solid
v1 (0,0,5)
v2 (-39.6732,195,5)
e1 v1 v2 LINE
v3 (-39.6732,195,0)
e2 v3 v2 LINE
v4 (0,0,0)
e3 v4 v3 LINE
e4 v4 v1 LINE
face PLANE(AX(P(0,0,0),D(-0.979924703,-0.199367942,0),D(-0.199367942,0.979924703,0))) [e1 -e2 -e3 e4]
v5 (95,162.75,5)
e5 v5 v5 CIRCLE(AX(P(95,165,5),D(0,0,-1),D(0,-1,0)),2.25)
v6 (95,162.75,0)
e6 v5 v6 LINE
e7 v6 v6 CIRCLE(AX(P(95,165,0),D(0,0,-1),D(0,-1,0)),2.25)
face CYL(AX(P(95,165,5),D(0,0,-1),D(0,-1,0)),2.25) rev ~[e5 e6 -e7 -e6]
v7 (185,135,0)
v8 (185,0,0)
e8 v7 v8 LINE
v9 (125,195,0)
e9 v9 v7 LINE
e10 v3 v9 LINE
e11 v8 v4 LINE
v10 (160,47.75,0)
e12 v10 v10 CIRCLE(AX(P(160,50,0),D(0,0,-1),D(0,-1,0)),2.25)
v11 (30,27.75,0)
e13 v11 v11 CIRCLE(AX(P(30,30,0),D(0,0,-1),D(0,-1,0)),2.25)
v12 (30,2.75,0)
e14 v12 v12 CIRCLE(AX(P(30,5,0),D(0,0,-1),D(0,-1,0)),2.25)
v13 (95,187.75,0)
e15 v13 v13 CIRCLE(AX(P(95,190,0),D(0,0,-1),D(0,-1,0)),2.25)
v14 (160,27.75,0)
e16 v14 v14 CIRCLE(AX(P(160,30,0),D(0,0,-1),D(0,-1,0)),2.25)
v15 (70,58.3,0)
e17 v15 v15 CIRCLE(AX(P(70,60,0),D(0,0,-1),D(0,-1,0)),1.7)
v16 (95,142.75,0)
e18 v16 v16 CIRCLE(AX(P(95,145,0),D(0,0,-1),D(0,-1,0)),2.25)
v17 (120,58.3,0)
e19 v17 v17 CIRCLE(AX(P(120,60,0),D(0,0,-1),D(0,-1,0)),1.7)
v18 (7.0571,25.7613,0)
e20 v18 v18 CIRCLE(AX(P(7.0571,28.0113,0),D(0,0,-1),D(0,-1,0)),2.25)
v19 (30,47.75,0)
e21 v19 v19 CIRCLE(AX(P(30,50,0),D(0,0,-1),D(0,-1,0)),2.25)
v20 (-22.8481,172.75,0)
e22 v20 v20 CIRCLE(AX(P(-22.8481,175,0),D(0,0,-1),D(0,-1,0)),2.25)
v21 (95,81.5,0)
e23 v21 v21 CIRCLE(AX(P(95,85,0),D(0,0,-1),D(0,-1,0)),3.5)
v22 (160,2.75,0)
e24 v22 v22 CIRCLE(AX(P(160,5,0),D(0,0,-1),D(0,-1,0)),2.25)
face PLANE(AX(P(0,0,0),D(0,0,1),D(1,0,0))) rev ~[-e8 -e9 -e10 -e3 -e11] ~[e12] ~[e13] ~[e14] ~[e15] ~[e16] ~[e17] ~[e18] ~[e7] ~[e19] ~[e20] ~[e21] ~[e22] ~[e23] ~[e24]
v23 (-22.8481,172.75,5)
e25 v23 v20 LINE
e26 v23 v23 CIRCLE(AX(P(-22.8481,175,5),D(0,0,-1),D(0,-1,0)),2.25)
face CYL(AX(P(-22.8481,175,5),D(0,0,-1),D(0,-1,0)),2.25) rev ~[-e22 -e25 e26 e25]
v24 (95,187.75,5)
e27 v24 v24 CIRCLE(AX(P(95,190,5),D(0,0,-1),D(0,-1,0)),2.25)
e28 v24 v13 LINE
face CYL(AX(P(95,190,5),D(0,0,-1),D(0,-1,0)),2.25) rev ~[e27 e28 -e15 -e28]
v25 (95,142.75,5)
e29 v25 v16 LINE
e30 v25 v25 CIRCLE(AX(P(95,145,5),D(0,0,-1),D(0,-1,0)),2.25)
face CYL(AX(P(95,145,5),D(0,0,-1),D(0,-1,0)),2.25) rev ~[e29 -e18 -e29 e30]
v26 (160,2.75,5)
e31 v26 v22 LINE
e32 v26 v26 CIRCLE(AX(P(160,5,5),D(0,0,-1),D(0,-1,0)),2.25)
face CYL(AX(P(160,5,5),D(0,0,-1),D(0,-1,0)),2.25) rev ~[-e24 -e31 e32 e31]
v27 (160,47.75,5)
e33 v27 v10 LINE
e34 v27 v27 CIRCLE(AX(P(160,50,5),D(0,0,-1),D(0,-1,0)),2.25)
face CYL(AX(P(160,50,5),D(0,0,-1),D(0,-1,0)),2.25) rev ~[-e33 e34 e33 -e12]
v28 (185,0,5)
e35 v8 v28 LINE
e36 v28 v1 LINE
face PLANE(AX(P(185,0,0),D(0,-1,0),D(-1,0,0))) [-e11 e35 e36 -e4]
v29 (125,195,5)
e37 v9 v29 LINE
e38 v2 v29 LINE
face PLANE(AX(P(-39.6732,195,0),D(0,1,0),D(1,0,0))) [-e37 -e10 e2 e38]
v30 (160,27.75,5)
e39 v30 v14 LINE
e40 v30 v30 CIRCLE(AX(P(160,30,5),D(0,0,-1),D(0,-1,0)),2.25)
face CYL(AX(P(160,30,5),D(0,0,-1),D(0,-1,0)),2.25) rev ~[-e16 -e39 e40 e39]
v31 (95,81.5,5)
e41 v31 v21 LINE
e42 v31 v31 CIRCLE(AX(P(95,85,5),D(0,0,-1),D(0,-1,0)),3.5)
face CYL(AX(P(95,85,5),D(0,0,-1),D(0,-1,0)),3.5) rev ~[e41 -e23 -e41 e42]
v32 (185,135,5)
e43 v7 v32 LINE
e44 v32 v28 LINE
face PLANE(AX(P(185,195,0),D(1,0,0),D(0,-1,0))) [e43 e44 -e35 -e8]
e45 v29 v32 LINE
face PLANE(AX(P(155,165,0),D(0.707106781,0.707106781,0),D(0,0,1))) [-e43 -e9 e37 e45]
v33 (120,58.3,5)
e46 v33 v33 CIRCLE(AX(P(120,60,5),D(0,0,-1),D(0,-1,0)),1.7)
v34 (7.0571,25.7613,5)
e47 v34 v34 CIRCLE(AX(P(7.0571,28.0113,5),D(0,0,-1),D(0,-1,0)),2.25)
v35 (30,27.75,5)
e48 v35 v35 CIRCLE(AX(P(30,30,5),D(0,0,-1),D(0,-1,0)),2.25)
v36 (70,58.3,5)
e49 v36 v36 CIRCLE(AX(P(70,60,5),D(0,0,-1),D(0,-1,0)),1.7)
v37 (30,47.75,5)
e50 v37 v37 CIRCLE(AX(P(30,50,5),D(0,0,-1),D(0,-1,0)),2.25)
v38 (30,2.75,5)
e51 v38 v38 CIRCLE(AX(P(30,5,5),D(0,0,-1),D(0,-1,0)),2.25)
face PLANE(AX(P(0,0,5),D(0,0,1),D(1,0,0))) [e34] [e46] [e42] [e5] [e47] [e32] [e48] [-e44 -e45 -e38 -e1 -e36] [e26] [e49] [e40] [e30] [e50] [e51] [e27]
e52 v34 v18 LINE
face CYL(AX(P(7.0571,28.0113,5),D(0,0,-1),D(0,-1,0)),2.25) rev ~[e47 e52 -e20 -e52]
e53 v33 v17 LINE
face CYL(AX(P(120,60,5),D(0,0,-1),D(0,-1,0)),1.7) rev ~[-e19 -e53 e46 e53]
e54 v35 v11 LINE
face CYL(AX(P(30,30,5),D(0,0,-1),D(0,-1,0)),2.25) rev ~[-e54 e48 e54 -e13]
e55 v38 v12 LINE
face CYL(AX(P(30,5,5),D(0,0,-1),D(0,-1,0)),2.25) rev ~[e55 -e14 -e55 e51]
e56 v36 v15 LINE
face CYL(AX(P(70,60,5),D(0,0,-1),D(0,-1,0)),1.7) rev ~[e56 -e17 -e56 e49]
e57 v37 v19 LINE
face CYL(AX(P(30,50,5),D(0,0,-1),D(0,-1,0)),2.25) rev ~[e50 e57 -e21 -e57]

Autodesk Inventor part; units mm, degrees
ref_plane "YZ Plane" through (0, 0, 0) normal (1, 0, 0) x (0, 1, 0)
ref_plane "XZ Plane" through (0, 0, 0) normal (0, 1, 0) x (-1, 0, 0)
ref_plane "XY Plane" through (0, 0, 0) normal (0, 0, 1) x (1, 0, 0)
sketch "Sketch1" plane through (0, 0, 0) normal (0, 0, 1) x (1, 0, 0)
  line L0 (0, 0) -> (-39.6732, 195)
  line L1 (-39.6732, 195) -> (185, 195)
  line L2 (185, 195) -> (185, 0)
  line L3 (185, 0) -> (0, 0)
  dimension "d0" = 195
  dimension "d1" = 78.5
  dimension "d2" = 185
extrude "Extrusion1" add sketch "Sketch1" along normal blind 5
sketch "Sketch2" plane through (0, 0, 5) normal (0, 0, 1) x (1, 0, 0)
  line L0 (0, 0) -> (185, 0) projected
  point P0 (95, 165)
  point P1 (95, 145)
  point P2 (30, 50)
  point P3 (30, 30)
  point P4 (160, 50)
  point P5 (160, 30)
  point P6 (95, 190)
  point P7 (30, 5)
  point P8 (160, 5)
  dimension "d5" = 20
  dimension "d7" = 20
  dimension "d15" = 25
  dimension "d16" = 95
  dimension "d20" = 5
  dimension "d21" = 30
  dimension "d89" = 130
  dimension "d90" = 65
  dimension "d91" = 25
hole "Hole1" at (95, 165, 5) at (95, 145, 5) at (30, 50, 5) at (30, 30, 5) at (160, 50, 5) at (160, 30, 5) at (95, 190, 5) at (30, 5, 5) at (160, 5, 5) direction (0, 0, -1) diameter 4.5 end through all clearance for "Flat Head Machine Screw" size "M4" standard "Ansi Metric M Profile"
sketch "Sketch3" plane through (0, 0, 5) normal (0, 0, 1) x (1, 0, 0)
  circle A0 centre (30, 5) radius 2.25 projected
  circle A1 centre (160, 30) radius 2.25 projected
  circle A2 centre (30, 30) radius 2.25 projected
  circle A3 centre (95, 145) radius 2.25 projected
  circle A4 centre (95, 165) radius 2.25 projected
  circle A5 centre (30, 50) radius 2.25 projected
  circle A6 centre (160, 50) radius 2.25 projected
  line L0 (-39.6732, 195) -> (0, 0) projected
  line L1 (0, 0) -> (185, 0) projected
  line L2 (185, 0) -> (185, 195) projected
  line L3 (185, 195) -> (-39.6732, 195) projected
  point P0 (95, 85)
  dimension "d37" = 60
hole "Hole2" at (95, 85, 5) direction (0, 0, -1) diameter 7 end through all
sketch "Sketch4" plane through (0, 0, 5) normal (0, 0, 1) x (1, 0, 0)
  circle A0 centre (95, 85) radius 3.5 projected
  circle A1 centre (30, 5) radius 2.25 projected
  circle A2 centre (160, 30) radius 2.25 projected
  circle A3 centre (30, 30) radius 2.25 projected
  circle A4 centre (95, 145) radius 2.25 projected
  circle A5 centre (95, 165) radius 2.25 projected
  circle A6 centre (30, 50) radius 2.25 projected
  circle A7 centre (160, 50) radius 2.25 projected
  line L0 (-39.6732, 195) -> (0, 0) projected
  line L1 (0, 0) -> (185, 0) projected
  line L2 (185, 0) -> (185, 195) projected
  line L3 (185, 195) -> (-39.6732, 195) projected
  point P0 (120, 60)
  point P1 (70, 60)
  dimension "d46" = 25
  dimension "d47" = 25
  dimension "d48" = 50
hole "Hole3" at (120, 60, 5) at (70, 60, 5) direction (0, 0, -1) diameter 3.4 end through all clearance for "Flat Head Machine Screw" size "M3" standard "Ansi Metric M Profile"
chamfer "Chamfer1" distance 60 angle 45 1 edges at (185, 195, 2.5)
sketch "Sketch5" plane through (0, 0, 5) normal (0, 0, 1) x (1, 0, 0)
  line L0 (-39.6732, 195) -> (0, 0) projected
  line L1 (125, 195) -> (-39.6732, 195) projected
  line L2 (0, 0) -> (185, 0) projected
  point P0 (-22.8481, 175)
  point P1 (7.0571, 28.0113)
  dimension "d64" = 12.5
  dimension "d65" = 12.5
  dimension "d66" = 150
  dimension "d67" = 20
  dimension "d68" = 28.0113
hole "Hole4" at (-22.8481, 175, 5) at (7.0571, 28.0113, 5) direction (0, 0, -1) diameter 4.5 end through all clearance for "Flat Head Machine Screw" size "M4" standard "Ansi Metric M Profile"
sketch "Sketch6" plane through (0, 0, 5) normal (0, 0, 1) x (1, 0, 0)
  circle A0 centre (-22.8481, 175) radius 2.25 projected
  line L0 (125, 195) -> (185, 135) projected
  line L1 (125, 195) -> (-39.6732, 195) projected
  line L2 (-39.6732, 195) -> (0, 0) projected
  line L3 (0, 0) -> (185, 0) projected
  line L4 (185, 0) -> (185, 135) projected
  circle A1 centre (120, 60) radius 1.7 projected
  circle A2 centre (70, 60) radius 1.7 projected
  circle A3 centre (95, 85) radius 3.5 projected
  circle A4 centre (30, 5) radius 2.25 projected
  circle A5 centre (160, 30) radius 2.25 projected
  circle A6 centre (30, 30) radius 2.25 projected
  circle A7 centre (30, 50) radius 2.25 projected
  circle A8 centre (160, 50) radius 2.25 projected
  circle A9 centre (160, 5) radius 2.25 projected
  point P0 (30.4041, 55)
  point P1 (50, 59)
  point P2 (140, 59)
  point P3 (159.5959, 55)
  dimension "d76" = 20
  dimension "d77" = 4
  dimension "d78" = 20
  dimension "d79" = 45
  dimension "d80" = 26
  dimension "d81" = 45
hole "Hole5" [suppressed]
equation "\"d5\" = d6"
equation "\"d7\" = d5"
equation "\"d90\" = 0.5 * d89"
equation "\"d48\" = 2 * d47"
equation "\"d65\" = d64"
equation "\"d78\" = d76"
equation "\"d81\" = d79"
equation "\"d6\" = 20"
properties part number "Top_Separator Backboard 2 Lanes" material "PMMA Plastic"
